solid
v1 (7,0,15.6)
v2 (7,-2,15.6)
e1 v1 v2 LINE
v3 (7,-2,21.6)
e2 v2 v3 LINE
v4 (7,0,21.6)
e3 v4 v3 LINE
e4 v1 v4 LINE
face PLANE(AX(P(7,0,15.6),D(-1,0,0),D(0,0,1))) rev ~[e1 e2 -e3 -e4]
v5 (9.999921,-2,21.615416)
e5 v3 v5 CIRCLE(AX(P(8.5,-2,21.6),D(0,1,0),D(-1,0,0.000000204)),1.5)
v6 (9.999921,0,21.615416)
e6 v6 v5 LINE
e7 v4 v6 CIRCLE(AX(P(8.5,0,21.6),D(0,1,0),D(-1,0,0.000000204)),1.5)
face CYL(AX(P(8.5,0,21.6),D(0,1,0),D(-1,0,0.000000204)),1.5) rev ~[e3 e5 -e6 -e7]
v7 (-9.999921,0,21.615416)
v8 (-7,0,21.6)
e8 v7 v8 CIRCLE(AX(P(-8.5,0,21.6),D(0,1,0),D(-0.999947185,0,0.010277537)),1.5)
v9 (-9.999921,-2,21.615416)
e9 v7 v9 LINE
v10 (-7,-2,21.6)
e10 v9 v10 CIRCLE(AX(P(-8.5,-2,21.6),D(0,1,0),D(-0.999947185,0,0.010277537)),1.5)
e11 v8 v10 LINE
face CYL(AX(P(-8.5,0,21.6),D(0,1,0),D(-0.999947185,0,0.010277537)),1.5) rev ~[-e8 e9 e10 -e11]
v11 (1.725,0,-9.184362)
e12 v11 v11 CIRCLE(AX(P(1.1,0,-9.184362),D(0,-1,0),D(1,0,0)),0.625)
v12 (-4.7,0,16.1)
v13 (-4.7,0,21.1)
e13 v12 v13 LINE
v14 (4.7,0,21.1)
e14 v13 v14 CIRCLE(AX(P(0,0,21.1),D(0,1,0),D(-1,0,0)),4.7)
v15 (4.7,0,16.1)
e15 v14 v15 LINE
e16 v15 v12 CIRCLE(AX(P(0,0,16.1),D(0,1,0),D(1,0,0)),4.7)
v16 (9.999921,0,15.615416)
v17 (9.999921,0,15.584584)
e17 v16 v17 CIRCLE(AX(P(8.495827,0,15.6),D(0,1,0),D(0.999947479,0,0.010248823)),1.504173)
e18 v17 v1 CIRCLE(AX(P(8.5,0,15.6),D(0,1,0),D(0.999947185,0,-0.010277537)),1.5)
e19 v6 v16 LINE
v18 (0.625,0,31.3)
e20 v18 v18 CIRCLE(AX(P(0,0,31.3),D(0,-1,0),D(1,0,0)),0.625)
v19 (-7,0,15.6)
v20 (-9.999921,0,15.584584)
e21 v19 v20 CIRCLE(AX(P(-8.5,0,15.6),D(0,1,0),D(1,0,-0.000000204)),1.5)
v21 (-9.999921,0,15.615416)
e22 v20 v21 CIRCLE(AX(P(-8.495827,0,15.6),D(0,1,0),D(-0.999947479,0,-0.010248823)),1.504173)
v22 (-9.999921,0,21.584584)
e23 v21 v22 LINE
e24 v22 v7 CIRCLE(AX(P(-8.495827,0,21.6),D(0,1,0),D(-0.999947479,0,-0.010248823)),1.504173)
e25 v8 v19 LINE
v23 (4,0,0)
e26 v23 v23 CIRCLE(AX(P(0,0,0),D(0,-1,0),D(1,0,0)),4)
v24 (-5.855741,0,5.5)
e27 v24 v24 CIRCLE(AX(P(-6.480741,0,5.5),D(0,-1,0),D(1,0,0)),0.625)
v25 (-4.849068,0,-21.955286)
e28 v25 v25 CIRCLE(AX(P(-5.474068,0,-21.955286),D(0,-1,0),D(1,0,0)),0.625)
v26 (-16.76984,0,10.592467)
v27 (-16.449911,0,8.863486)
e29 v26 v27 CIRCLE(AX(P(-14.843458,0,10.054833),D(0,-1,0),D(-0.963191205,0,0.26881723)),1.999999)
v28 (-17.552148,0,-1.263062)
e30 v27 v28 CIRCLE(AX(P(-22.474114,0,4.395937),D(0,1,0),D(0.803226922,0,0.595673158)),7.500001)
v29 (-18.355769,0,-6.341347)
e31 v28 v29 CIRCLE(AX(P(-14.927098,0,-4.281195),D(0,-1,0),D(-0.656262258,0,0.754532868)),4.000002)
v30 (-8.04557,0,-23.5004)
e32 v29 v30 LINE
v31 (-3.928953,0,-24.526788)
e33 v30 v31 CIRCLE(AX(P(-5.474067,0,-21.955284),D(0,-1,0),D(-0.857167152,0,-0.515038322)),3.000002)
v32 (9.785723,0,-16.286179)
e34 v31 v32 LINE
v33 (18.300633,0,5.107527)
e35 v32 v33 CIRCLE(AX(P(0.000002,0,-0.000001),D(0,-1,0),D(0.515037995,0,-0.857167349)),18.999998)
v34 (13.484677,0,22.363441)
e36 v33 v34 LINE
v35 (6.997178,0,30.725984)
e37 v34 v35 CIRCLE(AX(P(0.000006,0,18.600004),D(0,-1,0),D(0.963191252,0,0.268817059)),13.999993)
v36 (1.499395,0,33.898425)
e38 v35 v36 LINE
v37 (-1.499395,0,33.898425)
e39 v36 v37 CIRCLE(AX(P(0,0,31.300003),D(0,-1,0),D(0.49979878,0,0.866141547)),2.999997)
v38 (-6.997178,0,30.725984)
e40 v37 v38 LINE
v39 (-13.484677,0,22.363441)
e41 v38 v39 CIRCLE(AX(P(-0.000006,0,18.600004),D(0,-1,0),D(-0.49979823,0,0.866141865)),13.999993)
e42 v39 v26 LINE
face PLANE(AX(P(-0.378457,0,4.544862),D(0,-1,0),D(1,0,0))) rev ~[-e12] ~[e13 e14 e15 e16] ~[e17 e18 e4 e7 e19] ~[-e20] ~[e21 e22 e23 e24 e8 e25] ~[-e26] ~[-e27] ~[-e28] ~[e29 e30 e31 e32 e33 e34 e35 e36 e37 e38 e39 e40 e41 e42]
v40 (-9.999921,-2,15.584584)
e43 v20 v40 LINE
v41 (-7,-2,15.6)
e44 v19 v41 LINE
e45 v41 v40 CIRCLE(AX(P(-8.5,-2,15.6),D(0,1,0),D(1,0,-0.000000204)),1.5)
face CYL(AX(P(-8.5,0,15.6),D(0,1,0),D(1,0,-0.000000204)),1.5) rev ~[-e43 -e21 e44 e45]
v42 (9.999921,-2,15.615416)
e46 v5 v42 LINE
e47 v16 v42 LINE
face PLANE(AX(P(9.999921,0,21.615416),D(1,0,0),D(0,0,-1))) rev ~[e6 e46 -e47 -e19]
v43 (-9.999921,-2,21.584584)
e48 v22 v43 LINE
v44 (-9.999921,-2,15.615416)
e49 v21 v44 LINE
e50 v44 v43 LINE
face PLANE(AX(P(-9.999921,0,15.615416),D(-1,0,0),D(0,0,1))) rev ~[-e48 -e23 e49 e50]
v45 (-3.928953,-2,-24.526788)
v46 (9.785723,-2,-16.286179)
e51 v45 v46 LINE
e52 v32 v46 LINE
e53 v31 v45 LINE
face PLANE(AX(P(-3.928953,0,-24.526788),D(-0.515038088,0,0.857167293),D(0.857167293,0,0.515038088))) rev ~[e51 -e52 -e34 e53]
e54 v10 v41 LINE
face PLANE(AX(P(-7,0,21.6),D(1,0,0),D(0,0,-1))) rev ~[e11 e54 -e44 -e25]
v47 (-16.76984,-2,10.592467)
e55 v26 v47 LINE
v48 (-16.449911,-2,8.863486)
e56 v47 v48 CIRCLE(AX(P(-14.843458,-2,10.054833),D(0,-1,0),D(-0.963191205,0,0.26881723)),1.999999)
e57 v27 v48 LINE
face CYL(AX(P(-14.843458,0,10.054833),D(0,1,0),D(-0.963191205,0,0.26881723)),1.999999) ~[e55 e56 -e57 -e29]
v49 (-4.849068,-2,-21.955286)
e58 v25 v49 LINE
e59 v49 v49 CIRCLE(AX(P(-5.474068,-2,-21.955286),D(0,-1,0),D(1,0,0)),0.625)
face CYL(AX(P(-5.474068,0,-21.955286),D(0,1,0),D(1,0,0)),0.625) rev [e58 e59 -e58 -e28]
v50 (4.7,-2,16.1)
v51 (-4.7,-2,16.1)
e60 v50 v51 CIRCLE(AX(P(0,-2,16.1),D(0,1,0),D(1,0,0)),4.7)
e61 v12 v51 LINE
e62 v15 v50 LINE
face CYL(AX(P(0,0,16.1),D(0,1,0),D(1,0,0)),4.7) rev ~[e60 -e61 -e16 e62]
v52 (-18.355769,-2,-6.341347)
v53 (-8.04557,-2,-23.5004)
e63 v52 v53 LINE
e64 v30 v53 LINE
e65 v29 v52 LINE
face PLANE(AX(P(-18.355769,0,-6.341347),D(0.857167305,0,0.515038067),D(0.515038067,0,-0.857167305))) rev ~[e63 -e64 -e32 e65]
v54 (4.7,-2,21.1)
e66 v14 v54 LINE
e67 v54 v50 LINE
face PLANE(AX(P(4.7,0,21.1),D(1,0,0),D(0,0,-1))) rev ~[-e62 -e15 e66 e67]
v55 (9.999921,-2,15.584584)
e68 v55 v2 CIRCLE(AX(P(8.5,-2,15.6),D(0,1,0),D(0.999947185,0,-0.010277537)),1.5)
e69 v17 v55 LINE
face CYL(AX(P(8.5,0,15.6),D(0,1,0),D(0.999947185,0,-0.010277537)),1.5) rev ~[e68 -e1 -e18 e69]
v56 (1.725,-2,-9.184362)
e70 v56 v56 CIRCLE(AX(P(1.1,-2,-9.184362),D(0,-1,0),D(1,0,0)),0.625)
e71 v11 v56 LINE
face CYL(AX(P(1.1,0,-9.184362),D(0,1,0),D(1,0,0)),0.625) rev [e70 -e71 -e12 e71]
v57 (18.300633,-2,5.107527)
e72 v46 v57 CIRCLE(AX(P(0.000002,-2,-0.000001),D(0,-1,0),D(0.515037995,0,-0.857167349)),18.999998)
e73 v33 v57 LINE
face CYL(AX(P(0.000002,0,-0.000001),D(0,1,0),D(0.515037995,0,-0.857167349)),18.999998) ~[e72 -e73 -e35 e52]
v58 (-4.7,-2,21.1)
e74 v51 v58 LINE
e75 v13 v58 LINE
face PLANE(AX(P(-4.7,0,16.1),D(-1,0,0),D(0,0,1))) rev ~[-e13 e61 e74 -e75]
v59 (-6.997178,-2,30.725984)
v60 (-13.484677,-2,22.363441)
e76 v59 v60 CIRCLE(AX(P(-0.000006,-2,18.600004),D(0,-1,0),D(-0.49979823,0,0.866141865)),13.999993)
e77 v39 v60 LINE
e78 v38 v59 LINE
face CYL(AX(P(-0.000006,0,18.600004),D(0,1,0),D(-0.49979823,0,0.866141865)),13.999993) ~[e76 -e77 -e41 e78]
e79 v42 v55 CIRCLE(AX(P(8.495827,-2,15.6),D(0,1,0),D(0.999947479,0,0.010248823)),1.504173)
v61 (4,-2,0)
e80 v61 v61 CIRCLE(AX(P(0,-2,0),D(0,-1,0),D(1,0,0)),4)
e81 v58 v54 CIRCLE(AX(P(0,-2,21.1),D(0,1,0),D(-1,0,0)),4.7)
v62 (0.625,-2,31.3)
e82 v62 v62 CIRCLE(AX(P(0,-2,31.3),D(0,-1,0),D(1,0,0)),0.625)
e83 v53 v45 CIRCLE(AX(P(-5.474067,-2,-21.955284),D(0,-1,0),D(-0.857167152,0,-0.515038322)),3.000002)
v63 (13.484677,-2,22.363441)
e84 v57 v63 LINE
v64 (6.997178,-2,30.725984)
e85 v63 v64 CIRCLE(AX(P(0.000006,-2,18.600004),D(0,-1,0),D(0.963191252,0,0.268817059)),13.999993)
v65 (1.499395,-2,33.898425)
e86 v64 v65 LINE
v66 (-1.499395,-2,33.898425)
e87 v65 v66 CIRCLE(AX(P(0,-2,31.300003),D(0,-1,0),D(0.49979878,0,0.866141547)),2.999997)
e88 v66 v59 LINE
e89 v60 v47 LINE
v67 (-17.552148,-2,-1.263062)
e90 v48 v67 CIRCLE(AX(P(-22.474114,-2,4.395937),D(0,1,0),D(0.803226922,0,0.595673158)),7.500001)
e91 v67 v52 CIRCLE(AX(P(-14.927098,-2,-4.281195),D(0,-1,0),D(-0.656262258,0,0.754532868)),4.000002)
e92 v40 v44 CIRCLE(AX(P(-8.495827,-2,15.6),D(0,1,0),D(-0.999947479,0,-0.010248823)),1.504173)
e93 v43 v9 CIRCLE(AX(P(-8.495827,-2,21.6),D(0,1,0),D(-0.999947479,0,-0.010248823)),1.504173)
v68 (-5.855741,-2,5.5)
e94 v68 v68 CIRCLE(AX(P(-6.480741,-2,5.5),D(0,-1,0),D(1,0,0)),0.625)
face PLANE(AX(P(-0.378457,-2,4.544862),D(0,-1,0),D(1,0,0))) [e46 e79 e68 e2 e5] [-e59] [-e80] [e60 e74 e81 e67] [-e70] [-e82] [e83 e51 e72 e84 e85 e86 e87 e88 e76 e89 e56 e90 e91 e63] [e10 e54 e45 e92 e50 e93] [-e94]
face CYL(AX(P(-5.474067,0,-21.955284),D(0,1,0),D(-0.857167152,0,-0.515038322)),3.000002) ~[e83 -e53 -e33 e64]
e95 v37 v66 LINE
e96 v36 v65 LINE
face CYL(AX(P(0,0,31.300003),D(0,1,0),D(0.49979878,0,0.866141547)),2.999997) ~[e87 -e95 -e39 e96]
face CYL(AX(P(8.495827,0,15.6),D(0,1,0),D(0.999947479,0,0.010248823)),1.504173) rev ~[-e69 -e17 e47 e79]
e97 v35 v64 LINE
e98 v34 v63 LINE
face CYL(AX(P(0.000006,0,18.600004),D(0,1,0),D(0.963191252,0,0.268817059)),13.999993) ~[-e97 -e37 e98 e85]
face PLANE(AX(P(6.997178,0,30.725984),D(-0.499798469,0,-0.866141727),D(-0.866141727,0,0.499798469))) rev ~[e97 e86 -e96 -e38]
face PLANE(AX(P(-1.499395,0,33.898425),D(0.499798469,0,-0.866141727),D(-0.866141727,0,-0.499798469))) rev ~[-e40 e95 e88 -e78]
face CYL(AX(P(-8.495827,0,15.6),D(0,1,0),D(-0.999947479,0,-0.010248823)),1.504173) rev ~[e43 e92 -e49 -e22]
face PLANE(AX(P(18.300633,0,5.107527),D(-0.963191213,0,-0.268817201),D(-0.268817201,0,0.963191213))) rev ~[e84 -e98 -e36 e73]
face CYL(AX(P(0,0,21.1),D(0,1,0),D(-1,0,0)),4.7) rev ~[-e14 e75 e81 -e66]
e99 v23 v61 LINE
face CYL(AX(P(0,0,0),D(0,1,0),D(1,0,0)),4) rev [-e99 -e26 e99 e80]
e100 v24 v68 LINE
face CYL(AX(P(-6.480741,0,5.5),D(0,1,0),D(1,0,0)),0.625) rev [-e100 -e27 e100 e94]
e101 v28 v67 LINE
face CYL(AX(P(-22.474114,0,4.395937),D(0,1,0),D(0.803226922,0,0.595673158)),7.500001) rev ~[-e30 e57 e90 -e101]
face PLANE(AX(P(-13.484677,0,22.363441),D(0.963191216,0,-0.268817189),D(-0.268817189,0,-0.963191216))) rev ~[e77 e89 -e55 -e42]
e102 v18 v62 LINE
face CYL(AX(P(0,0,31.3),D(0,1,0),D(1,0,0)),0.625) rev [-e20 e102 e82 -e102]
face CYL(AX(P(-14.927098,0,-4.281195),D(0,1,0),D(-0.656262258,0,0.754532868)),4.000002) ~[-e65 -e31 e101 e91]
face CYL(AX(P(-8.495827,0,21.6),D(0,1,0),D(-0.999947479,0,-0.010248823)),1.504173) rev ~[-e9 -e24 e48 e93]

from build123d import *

# Parameters (mm, degrees)
F0_R     = 0.625
F0_R_2   = 4
F1_DEPTH = 2


with BuildPart() as f1:
    # F0 (on Front) → F1 (new body)
    with BuildSketch(Plane.XZ):
        with BuildLine():
            Line((-3.928953, -24.526788), (9.785723, -16.286179))
            ThreePointArc((9.785723, -16.286179), (17.653145, -7.026129), (18.300633, 5.107527))
            Line((18.300633, 5.107527), (13.484677, 22.363441))
            ThreePointArc((13.484677, 22.363441), (11.061629, 27.181397), (6.997178, 30.725984))
            Line((6.997178, 30.725984), (1.499395, 33.898425))
            ThreePointArc((1.499395, 33.898425), (0, 34.3), (-1.499395, 33.898425))
            Line((-1.499395, 33.898425), (-6.997178, 30.725984))
            ThreePointArc((-6.997178, 30.725984), (-11.061629, 27.181397), (-13.484677, 22.363441))
            Line((-13.484677, 22.363441), (-16.76984, 10.592467))
            ThreePointArc((-16.76984, 10.592467), (-16.810073, 9.690932), (-16.449911, 8.863486))
            ThreePointArc((-16.449911, 8.863486), (-15.01815, 3.584383), (-17.552148, -1.263062))
            ThreePointArc((-17.552148, -1.263062), (-18.877937, -3.655988), (-18.355769, -6.341347))
            Line((-18.355769, -6.341347), (-8.04557, -23.5004))
            ThreePointArc((-8.04557, -23.5004), (-6.199833, -24.866173), (-3.928953, -24.526788))
        make_face()
        with Locations((-5.474068, -21.955286)):
            Circle(F0_R, mode=Mode.SUBTRACT)
        Circle(F0_R_2, mode=Mode.SUBTRACT)
        with Locations((1.1, -9.184362)):
            Circle(F0_R, mode=Mode.SUBTRACT)
        with Locations((-6.480741, 5.5)):
            Circle(F0_R, mode=Mode.SUBTRACT)
        with BuildLine():
            ThreePointArc((-9.999921, 21.615416), (-8.492292, 23.09998), (-7, 21.6))
            Line((-7, 21.6), (-7, 18.6))
            Line((-7, 18.6), (-7, 15.6))
            ThreePointArc((-7, 15.6), (-8.492292, 14.10002), (-9.999921, 15.584584))
            ThreePointArc((-9.999921, 15.584584), (-10, 15.6), (-9.999921, 15.615416))
            Line((-9.999921, 15.615416), (-9.999921, 18.6))
            Line((-9.999921, 18.6), (-9.999921, 21.584584))
            ThreePointArc((-9.999921, 21.584584), (-10, 21.6), (-9.999921, 21.615416))
        make_face(mode=Mode.SUBTRACT)
        with BuildLine():
            ThreePointArc((4.7, 16.1), (0, 11.4), (-4.7, 16.1))
            Line((-4.7, 16.1), (-4.7, 21.1))
            ThreePointArc((-4.7, 21.1), (0, 25.8), (4.7, 21.1))
            Line((4.7, 21.1), (4.7, 16.1))
        make_face(mode=Mode.SUBTRACT)
        with Locations((0, 31.3)):
            Circle(F0_R, mode=Mode.SUBTRACT)
        with BuildLine():
            ThreePointArc((9.999921, 15.584584), (8.492292, 14.10002), (7, 15.6))
            Line((7, 15.6), (7, 18.6))
            Line((7, 18.6), (7, 21.6))
            ThreePointArc((7, 21.6), (8.492292, 23.09998), (9.999921, 21.615416))
            Line((9.999921, 21.615416), (9.999921, 21.584584))
            Line((9.999921, 21.584584), (9.999921, 18.6))
            Line((9.999921, 18.6), (9.999921, 15.615416))
            ThreePointArc((9.999921, 15.615416), (10, 15.6), (9.999921, 15.584584))
        make_face(mode=Mode.SUBTRACT)
    extrude(amount=F1_DEPTH)


solid = f1.part
